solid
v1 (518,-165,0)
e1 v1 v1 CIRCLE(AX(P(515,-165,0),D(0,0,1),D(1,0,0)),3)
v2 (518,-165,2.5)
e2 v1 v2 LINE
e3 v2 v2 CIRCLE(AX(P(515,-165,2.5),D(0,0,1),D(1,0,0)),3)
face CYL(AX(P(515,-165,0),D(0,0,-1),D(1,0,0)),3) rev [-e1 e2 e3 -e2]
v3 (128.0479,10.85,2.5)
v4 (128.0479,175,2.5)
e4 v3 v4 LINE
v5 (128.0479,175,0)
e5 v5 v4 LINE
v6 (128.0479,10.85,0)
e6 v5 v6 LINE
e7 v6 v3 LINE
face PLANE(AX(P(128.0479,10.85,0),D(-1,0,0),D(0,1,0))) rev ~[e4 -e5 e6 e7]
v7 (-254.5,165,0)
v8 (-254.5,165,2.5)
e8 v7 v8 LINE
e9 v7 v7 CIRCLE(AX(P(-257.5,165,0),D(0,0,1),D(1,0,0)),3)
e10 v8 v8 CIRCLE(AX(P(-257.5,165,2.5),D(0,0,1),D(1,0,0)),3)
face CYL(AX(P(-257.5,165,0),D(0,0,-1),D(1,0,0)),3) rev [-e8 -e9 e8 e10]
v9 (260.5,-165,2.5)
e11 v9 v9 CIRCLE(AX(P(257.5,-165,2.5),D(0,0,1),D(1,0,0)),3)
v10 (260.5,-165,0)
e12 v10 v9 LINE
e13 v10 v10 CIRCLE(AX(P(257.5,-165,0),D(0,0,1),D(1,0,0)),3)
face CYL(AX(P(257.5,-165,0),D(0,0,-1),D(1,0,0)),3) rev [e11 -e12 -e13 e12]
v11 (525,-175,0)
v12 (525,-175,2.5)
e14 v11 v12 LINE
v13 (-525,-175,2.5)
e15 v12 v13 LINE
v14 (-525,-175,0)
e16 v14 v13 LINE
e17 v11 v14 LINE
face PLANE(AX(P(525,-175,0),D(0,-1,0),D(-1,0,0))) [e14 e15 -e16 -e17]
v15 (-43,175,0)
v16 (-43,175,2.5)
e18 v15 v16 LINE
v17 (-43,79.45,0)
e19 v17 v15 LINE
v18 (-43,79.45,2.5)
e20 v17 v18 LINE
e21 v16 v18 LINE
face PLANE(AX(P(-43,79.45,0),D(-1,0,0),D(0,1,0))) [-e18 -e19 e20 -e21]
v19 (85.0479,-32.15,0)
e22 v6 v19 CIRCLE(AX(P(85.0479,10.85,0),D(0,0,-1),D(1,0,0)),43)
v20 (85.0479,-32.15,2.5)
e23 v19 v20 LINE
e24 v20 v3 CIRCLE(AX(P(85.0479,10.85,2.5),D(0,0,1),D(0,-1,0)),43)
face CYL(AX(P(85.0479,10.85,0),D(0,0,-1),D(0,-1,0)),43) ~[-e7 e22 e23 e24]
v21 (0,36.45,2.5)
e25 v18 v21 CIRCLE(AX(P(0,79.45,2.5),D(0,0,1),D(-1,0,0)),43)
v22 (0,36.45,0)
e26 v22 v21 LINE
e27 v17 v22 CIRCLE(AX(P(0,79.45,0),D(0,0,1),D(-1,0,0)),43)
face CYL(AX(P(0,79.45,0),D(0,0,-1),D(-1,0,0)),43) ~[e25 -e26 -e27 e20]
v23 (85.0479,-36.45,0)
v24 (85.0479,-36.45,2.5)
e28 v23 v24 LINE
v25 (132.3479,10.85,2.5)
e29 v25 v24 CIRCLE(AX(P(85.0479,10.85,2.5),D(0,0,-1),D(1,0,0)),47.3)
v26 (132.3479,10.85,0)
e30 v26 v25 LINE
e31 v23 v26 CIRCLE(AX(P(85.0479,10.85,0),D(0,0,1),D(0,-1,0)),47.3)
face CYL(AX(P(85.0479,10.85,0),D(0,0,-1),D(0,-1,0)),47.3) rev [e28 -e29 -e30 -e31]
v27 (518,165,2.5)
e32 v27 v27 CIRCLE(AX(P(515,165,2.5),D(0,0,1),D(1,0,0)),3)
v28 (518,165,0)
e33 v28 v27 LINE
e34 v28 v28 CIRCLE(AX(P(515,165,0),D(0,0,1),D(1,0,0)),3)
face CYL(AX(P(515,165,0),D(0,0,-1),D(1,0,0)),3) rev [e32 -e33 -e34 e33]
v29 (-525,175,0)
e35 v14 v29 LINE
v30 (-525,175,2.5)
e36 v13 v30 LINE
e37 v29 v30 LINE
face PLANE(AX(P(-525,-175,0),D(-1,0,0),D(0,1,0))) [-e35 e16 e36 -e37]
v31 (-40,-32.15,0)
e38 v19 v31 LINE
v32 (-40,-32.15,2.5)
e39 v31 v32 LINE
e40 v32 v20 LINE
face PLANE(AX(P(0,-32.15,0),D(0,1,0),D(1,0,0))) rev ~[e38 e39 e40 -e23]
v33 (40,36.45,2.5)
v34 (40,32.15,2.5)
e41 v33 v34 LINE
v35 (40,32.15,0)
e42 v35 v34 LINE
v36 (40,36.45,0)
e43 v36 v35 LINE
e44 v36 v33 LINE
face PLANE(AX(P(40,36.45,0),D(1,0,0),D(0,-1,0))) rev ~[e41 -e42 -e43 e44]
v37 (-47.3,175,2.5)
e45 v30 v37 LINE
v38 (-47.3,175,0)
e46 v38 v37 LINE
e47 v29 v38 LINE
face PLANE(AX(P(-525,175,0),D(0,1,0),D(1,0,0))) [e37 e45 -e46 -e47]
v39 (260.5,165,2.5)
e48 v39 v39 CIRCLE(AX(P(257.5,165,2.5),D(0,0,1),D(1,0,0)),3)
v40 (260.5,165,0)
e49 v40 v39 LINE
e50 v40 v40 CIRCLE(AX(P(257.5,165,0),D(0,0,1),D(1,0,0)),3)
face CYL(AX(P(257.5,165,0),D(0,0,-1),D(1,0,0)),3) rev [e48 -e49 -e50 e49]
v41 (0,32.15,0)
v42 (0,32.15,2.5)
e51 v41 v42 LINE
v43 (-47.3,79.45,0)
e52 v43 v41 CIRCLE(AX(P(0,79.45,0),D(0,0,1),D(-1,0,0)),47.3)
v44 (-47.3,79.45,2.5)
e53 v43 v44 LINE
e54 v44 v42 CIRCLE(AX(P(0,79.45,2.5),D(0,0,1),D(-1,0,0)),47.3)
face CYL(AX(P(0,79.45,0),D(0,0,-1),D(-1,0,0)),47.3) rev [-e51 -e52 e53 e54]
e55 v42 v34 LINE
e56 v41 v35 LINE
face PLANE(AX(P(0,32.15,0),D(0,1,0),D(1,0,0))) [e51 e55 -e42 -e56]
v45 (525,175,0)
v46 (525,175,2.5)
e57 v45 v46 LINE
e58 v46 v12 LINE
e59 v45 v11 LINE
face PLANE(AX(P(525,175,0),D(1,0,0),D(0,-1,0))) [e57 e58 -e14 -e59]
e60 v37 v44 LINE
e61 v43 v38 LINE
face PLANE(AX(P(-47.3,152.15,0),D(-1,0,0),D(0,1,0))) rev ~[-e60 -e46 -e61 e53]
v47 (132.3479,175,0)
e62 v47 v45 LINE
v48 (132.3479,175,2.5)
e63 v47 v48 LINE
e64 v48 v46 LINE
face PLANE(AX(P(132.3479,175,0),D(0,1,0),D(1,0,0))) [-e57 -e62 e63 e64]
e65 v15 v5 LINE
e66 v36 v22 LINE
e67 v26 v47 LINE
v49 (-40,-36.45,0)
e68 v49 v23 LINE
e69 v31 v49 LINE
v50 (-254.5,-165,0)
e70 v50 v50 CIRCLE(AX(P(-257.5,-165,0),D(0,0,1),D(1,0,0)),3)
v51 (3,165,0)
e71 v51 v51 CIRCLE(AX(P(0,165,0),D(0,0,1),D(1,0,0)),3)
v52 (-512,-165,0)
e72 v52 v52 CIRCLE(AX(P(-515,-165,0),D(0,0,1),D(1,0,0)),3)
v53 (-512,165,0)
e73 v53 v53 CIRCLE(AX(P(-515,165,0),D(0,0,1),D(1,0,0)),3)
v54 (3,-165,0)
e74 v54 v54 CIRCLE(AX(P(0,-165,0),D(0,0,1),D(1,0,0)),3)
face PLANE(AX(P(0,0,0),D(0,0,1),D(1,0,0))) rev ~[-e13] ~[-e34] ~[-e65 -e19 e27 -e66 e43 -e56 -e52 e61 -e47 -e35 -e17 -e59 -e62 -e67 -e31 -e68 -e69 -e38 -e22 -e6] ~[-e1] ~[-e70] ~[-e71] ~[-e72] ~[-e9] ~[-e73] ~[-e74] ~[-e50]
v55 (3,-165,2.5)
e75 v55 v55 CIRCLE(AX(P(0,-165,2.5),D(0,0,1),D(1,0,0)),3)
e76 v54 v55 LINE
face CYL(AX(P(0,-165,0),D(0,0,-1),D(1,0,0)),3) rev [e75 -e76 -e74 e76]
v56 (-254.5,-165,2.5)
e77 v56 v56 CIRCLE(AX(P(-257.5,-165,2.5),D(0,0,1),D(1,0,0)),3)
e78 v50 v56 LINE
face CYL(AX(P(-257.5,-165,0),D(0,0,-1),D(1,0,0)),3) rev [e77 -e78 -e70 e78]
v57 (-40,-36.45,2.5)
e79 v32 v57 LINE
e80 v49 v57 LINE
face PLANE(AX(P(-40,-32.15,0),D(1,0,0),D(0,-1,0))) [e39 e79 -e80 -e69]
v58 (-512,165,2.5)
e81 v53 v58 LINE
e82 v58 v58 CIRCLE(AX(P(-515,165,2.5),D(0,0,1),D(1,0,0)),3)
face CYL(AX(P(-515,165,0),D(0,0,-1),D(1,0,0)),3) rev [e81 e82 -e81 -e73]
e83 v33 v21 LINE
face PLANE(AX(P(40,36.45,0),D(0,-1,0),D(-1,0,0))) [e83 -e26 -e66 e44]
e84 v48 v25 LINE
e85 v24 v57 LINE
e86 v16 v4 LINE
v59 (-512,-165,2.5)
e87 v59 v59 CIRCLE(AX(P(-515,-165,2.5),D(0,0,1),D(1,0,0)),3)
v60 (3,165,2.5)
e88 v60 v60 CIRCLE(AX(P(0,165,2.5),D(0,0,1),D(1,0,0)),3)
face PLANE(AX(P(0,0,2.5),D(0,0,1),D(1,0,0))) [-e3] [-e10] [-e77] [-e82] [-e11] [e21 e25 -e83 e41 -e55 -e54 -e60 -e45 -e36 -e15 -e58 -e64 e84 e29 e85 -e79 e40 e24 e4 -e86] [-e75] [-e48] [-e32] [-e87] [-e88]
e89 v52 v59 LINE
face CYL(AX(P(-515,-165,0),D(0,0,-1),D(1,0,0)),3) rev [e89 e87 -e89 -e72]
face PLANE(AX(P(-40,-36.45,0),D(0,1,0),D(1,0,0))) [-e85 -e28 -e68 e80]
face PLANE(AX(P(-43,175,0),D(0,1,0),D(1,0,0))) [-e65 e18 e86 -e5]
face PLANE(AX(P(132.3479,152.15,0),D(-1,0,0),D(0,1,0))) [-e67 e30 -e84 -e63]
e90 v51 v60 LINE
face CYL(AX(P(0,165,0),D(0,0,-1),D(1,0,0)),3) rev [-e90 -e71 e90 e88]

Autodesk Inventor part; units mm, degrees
ref_plane "YZ Plane" through (0, 0, 0) normal (1, 0, 0) x (0, 1, 0)
ref_plane "XZ Plane" through (0, 0, 0) normal (0, 1, 0) x (-1, 0, 0)
ref_plane "XY Plane" through (0, 0, 0) normal (0, 0, 1) x (1, 0, 0)
sketch "Sketch1" plane through (0, 0, 0) normal (0, 0, 1) x (1, 0, 0)
  line L0 (-525, 175) -> (525, 175)
  line L1 (-525, -175) -> (-525, 175)
  line L2 (525, -175) -> (-525, -175)
  line L3 (525, 175) -> (525, -175)
  circle A0 centre (515, -165) radius 3
  circle A1 centre (-257.5, -165) radius 3
  circle A2 centre (515, 165) radius 3
  circle A3 centre (257.5, 165) radius 3
  circle A4 centre (0, 165) radius 3
  circle A5 centre (-257.5, 165) radius 3
  circle A6 centre (-515, 165) radius 3
  circle A7 centre (257.5, -165) radius 3
  circle A8 centre (0, -165) radius 3
  circle A9 centre (-515, -165) radius 3
  arc A10 (-434.5, -36.45) -> (-475.35, -77.3) centre (-434.5, -77.3) ccw
  line L4 (-475.35, -85.5) -> (-475.35, -77.3)
  arc A11 (-475.35, -85.5) -> (-434.5, -126.35) centre (-434.5, -85.5) ccw
  line L5 (434.5, -126.35) -> (-434.5, -126.35)
  arc A12 (434.5, -126.35) -> (475.35, -85.5) centre (434.5, -85.5) ccw
  line L6 (475.35, -65.8667) -> (475.35, -85.5)
  arc A13 (475.35, -65.8667) -> (434.5, -25.0167) centre (434.5, -65.8667) ccw
  line L7 (-445.75, -25.0167) -> (434.5, -25.0167)
  arc A14 (-445.75, -25.0167) -> (-486.6, -65.8667) centre (-445.75, -65.8667) ccw
  line L8 (-486.6, -96.25) -> (-486.6, -65.8667)
  arc A15 (-486.6, -96.25) -> (-445.75, -137.1) centre (-445.75, -96.25) ccw
  line L9 (445.75, -137.1) -> (-445.75, -137.1)
  arc A16 (445.75, -137.1) -> (486.6, -96.25) centre (445.75, -96.25) ccw
  line L10 (486.6, -54.4333) -> (486.6, -96.25)
  arc A17 (486.6, -54.4333) -> (445.75, -13.5833) centre (445.75, -54.4333) ccw
  line L11 (-457, -13.5833) -> (445.75, -13.5833)
  arc A18 (-457, -13.5833) -> (-497.85, -54.4333) centre (-457, -54.4333) ccw
  line L12 (-497.85, -107) -> (-497.85, -54.4333)
  arc A19 (-497.85, -107) -> (-457, -147.85) centre (-457, -107) ccw
  line L13 (457, -147.85) -> (-457, -147.85)
  arc A20 (457, -147.85) -> (497.85, -107) centre (457, -107) ccw
  line L14 (497.85, -43) -> (497.85, -107)
  arc A21 (497.85, -43) -> (457, -2.15) centre (457, -43) ccw
  line L15 (-457, -2.15) -> (457, -2.15)
  arc A22 (-502.15, 43) -> (-457, -2.15) centre (-457, 43) ccw
  line L16 (-502.15, 107) -> (-502.15, 43)
  arc A23 (-457, 152.15) -> (-502.15, 107) centre (-457, 107) ccw
  line L17 (457, 152.15) -> (-457, 152.15)
  arc A24 (502.15, 107) -> (457, 152.15) centre (457, 107) ccw
  line L18 (502.15, 54.4333) -> (502.15, 107)
  arc A25 (457, 9.2833) -> (502.15, 54.4333) centre (457, 54.4333) ccw
  line L19 (-445.75, 9.2833) -> (457, 9.2833)
  arc A26 (-490.9, 54.4333) -> (-445.75, 9.2833) centre (-445.75, 54.4333) ccw
  line L20 (-490.9, 96.25) -> (-490.9, 54.4333)
  arc A27 (-445.75, 141.4) -> (-490.9, 96.25) centre (-445.75, 96.25) ccw
  line L21 (445.75, 141.4) -> (-445.75, 141.4)
  arc A28 (490.9, 96.25) -> (445.75, 141.4) centre (445.75, 96.25) ccw
  line L22 (490.9, 65.8667) -> (490.9, 96.25)
  arc A29 (445.75, 20.7167) -> (490.9, 65.8667) centre (445.75, 65.8667) ccw
  line L23 (-434.5, 20.7167) -> (445.75, 20.7167)
  arc A30 (-479.65, 65.8667) -> (-434.5, 20.7167) centre (-434.5, 65.8667) ccw
  line L24 (-479.65, 85.5) -> (-479.65, 65.8667)
  arc A31 (-434.5, 130.65) -> (-479.65, 85.5) centre (-434.5, 85.5) ccw
  line L25 (434.5, 130.65) -> (-434.5, 130.65)
  arc A32 (479.65, 85.5) -> (434.5, 130.65) centre (434.5, 85.5) ccw
  line L26 (479.65, 77.3) -> (479.65, 85.5)
  arc A33 (434.5, 32.15) -> (479.65, 77.3) centre (434.5, 77.3) ccw
  line L27 (0, 32.15) -> (434.5, 32.15)
  line L28 (0, 36.45) -> (0, 32.15)
  line L29 (434.5, 36.45) -> (0, 36.45)
  arc A34 (434.5, 36.45) -> (475.35, 77.3) centre (434.5, 77.3) ccw
  line L30 (475.35, 85.5) -> (475.35, 77.3)
  arc A35 (475.35, 85.5) -> (434.5, 126.35) centre (434.5, 85.5) ccw
  line L31 (-434.5, 126.35) -> (434.5, 126.35)
  arc A36 (-434.5, 126.35) -> (-475.35, 85.5) centre (-434.5, 85.5) ccw
  line L32 (-475.35, 65.8667) -> (-475.35, 85.5)
  arc A37 (-475.35, 65.8667) -> (-434.5, 25.0167) centre (-434.5, 65.8667) ccw
  line L33 (445.75, 25.0167) -> (-434.5, 25.0167)
  arc A38 (445.75, 25.0167) -> (486.6, 65.8667) centre (445.75, 65.8667) ccw
  line L34 (486.6, 96.25) -> (486.6, 65.8667)
  arc A39 (486.6, 96.25) -> (445.75, 137.1) centre (445.75, 96.25) ccw
  line L35 (-445.75, 137.1) -> (445.75, 137.1)
  arc A40 (-445.75, 137.1) -> (-486.6, 96.25) centre (-445.75, 96.25) ccw
  line L36 (-486.6, 54.4333) -> (-486.6, 96.25)
  arc A41 (-486.6, 54.4333) -> (-445.75, 13.5833) centre (-445.75, 54.4333) ccw
  line L37 (457, 13.5833) -> (-445.75, 13.5833)
  arc A42 (457, 13.5833) -> (497.85, 54.4333) centre (457, 54.4333) ccw
  line L38 (497.85, 107) -> (497.85, 54.4333)
  arc A43 (497.85, 107) -> (457, 147.85) centre (457, 107) ccw
  line L39 (-457, 147.85) -> (457, 147.85)
  arc A44 (-457, 147.85) -> (-497.85, 107) centre (-457, 107) ccw
  line L40 (-497.85, 43) -> (-497.85, 107)
  arc A45 (-497.85, 43) -> (-457, 2.15) centre (-457, 43) ccw
  line L41 (457, 2.15) -> (-457, 2.15)
  arc A46 (502.15, -43) -> (457, 2.15) centre (457, -43) ccw
  line L42 (502.15, -107) -> (502.15, -43)
  arc A47 (457, -152.15) -> (502.15, -107) centre (457, -107) ccw
  line L43 (-457, -152.15) -> (457, -152.15)
  arc A48 (-502.15, -107) -> (-457, -152.15) centre (-457, -107) ccw
  line L44 (-502.15, -54.4333) -> (-502.15, -107)
  arc A49 (-457, -9.2833) -> (-502.15, -54.4333) centre (-457, -54.4333) ccw
  line L45 (445.75, -9.2833) -> (-457, -9.2833)
  arc A50 (490.9, -54.4333) -> (445.75, -9.2833) centre (445.75, -54.4333) ccw
  line L46 (490.9, -96.25) -> (490.9, -54.4333)
  arc A51 (445.75, -141.4) -> (490.9, -96.25) centre (445.75, -96.25) ccw
  line L47 (-445.75, -141.4) -> (445.75, -141.4)
  arc A52 (-490.9, -96.25) -> (-445.75, -141.4) centre (-445.75, -96.25) ccw
  line L48 (-490.9, -65.8667) -> (-490.9, -96.25)
  arc A53 (-445.75, -20.7167) -> (-490.9, -65.8667) centre (-445.75, -65.8667) ccw
  line L49 (434.5, -20.7167) -> (-445.75, -20.7167)
  arc A54 (479.65, -65.8667) -> (434.5, -20.7167) centre (434.5, -65.8667) ccw
  line L50 (479.65, -85.5) -> (479.65, -65.8667)
  arc A55 (434.5, -130.65) -> (479.65, -85.5) centre (434.5, -85.5) ccw
  line L51 (-434.5, -130.65) -> (434.5, -130.65)
  arc A56 (-479.65, -85.5) -> (-434.5, -130.65) centre (-434.5, -85.5) ccw
  line L52 (-479.65, -77.3) -> (-479.65, -85.5)
  arc A57 (-434.5, -32.15) -> (-479.65, -77.3) centre (-434.5, -77.3) ccw
  line L53 (0, -32.15) -> (-434.5, -32.15)
  line L54 (0, -36.45) -> (0, -32.15)
  line L55 (-434.5, -36.45) -> (0, -36.45)
  line L56 (-525, 175) -> (525, 175)
  line L57 (-525, -175) -> (-525, 175)
  line L58 (525, -175) -> (-525, -175)
  line L59 (525, 175) -> (525, -175)
  circle A58 centre (515, -165) radius 3
  circle A59 centre (-257.5, -165) radius 3
  circle A60 centre (515, 165) radius 3
  circle A61 centre (257.5, 165) radius 3
  circle A62 centre (0, 165) radius 3
  circle A63 centre (-257.5, 165) radius 3
  circle A64 centre (-515, 165) radius 3
  circle A65 centre (257.5, -165) radius 3
  circle A66 centre (0, -165) radius 3
  circle A67 centre (-515, -165) radius 3
  arc A68 (-434.5, -36.45) -> (-475.35, -77.3) centre (-434.5, -77.3) ccw
  line L60 (-475.35, -85.5) -> (-475.35, -77.3)
  arc A69 (-475.35, -85.5) -> (-434.5, -126.35) centre (-434.5, -85.5) ccw
  line L61 (434.5, -126.35) -> (-434.5, -126.35)
  arc A70 (434.5, -126.35) -> (475.35, -85.5) centre (434.5, -85.5) ccw
  line L62 (475.35, -65.8667) -> (475.35, -85.5)
  arc A71 (475.35, -65.8667) -> (434.5, -25.0167) centre (434.5, -65.8667) ccw
  line L63 (-445.75, -25.0167) -> (434.5, -25.0167)
  arc A72 (-445.75, -25.0167) -> (-486.6, -65.8667) centre (-445.75, -65.8667) ccw
  line L64 (-486.6, -96.25) -> (-486.6, -65.8667)
  arc A73 (-486.6, -96.25) -> (-445.75, -137.1) centre (-445.75, -96.25) ccw
  line L65 (445.75, -137.1) -> (-445.75, -137.1)
  arc A74 (445.75, -137.1) -> (486.6, -96.25) centre (445.75, -96.25) ccw
  line L66 (486.6, -54.4333) -> (486.6, -96.25)
  arc A75 (486.6, -54.4333) -> (445.75, -13.5833) centre (445.75, -54.4333) ccw
  line L67 (-457, -13.5833) -> (445.75, -13.5833)
  arc A76 (-457, -13.5833) -> (-497.85, -54.4333) centre (-457, -54.4333) ccw
  line L68 (-497.85, -107) -> (-497.85, -54.4333)
  arc A77 (-497.85, -107) -> (-457, -147.85) centre (-457, -107) ccw
  line L69 (457, -147.85) -> (-457, -147.85)
  arc A78 (457, -147.85) -> (497.85, -107) centre (457, -107) ccw
  line L70 (497.85, -43) -> (497.85, -107)
  arc A79 (497.85, -43) -> (457, -2.15) centre (457, -43) ccw
  line L71 (-457, -2.15) -> (457, -2.15)
  arc A80 (-502.15, 43) -> (-457, -2.15) centre (-457, 43) ccw
  line L72 (-502.15, 107) -> (-502.15, 43)
  arc A81 (-457, 152.15) -> (-502.15, 107) centre (-457, 107) ccw
  line L73 (457, 152.15) -> (-457, 152.15)
  arc A82 (502.15, 107) -> (457, 152.15) centre (457, 107) ccw
  line L74 (502.15, 54.4333) -> (502.15, 107)
  arc A83 (457, 9.2833) -> (502.15, 54.4333) centre (457, 54.4333) ccw
  line L75 (-445.75, 9.2833) -> (457, 9.2833)
  arc A84 (-490.9, 54.4333) -> (-445.75, 9.2833) centre (-445.75, 54.4333) ccw
  line L76 (-490.9, 96.25) -> (-490.9, 54.4333)
  arc A85 (-445.75, 141.4) -> (-490.9, 96.25) centre (-445.75, 96.25) ccw
  line L77 (445.75, 141.4) -> (-445.75, 141.4)
  arc A86 (490.9, 96.25) -> (445.75, 141.4) centre (445.75, 96.25) ccw
  line L78 (490.9, 65.8667) -> (490.9, 96.25)
  arc A87 (445.75, 20.7167) -> (490.9, 65.8667) centre (445.75, 65.8667) ccw
  line L79 (-434.5, 20.7167) -> (445.75, 20.7167)
  arc A88 (-479.65, 65.8667) -> (-434.5, 20.7167) centre (-434.5, 65.8667) ccw
  line L80 (-479.65, 85.5) -> (-479.65, 65.8667)
  arc A89 (-434.5, 130.65) -> (-479.65, 85.5) centre (-434.5, 85.5) ccw
  line L81 (434.5, 130.65) -> (-434.5, 130.65)
  arc A90 (479.65, 85.5) -> (434.5, 130.65) centre (434.5, 85.5) ccw
  line L82 (479.65, 77.3) -> (479.65, 85.5)
  arc A91 (434.5, 32.15) -> (479.65, 77.3) centre (434.5, 77.3) ccw
  line L83 (0, 32.15) -> (434.5, 32.15)
  line L84 (0, 36.45) -> (0, 32.15)
  line L85 (434.5, 36.45) -> (0, 36.45)
  arc A92 (434.5, 36.45) -> (475.35, 77.3) centre (434.5, 77.3) ccw
  line L86 (475.35, 85.5) -> (475.35, 77.3)
  arc A93 (475.35, 85.5) -> (434.5, 126.35) centre (434.5, 85.5) ccw
  line L87 (-434.5, 126.35) -> (434.5, 126.35)
  arc A94 (-434.5, 126.35) -> (-475.35, 85.5) centre (-434.5, 85.5) ccw
  line L88 (-475.35, 65.8667) -> (-475.35, 85.5)
  arc A95 (-475.35, 65.8667) -> (-434.5, 25.0167) centre (-434.5, 65.8667) ccw
  line L89 (445.75, 25.0167) -> (-434.5, 25.0167)
  arc A96 (445.75, 25.0167) -> (486.6, 65.8667) centre (445.75, 65.8667) ccw
  line L90 (486.6, 96.25) -> (486.6, 65.8667)
  arc A97 (486.6, 96.25) -> (445.75, 137.1) centre (445.75, 96.25) ccw
  line L91 (-445.75, 137.1) -> (445.75, 137.1)
  arc A98 (-445.75, 137.1) -> (-486.6, 96.25) centre (-445.75, 96.25) ccw
  line L92 (-486.6, 54.4333) -> (-486.6, 96.25)
  arc A99 (-486.6, 54.4333) -> (-445.75, 13.5833) centre (-445.75, 54.4333) ccw
  line L93 (457, 13.5833) -> (-445.75, 13.5833)
  arc A100 (457, 13.5833) -> (497.85, 54.4333) centre (457, 54.4333) ccw
  line L94 (497.85, 107) -> (497.85, 54.4333)
  arc A101 (497.85, 107) -> (457, 147.85) centre (457, 107) ccw
  line L95 (-457, 147.85) -> (457, 147.85)
  arc A102 (-457, 147.85) -> (-497.85, 107) centre (-457, 107) ccw
  line L96 (-497.85, 43) -> (-497.85, 107)
  arc A103 (-497.85, 43) -> (-457, 2.15) centre (-457, 43) ccw
  line L97 (457, 2.15) -> (-457, 2.15)
  arc A104 (502.15, -43) -> (457, 2.15) centre (457, -43) ccw
  line L98 (502.15, -107) -> (502.15, -43)
  arc A105 (457, -152.15) -> (502.15, -107) centre (457, -107) ccw
  line L99 (-457, -152.15) -> (457, -152.15)
  arc A106 (-502.15, -107) -> (-457, -152.15) centre (-457, -107) ccw
  line L100 (-502.15, -54.4333) -> (-502.15, -107)
  arc A107 (-457, -9.2833) -> (-502.15, -54.4333) centre (-457, -54.4333) ccw
  line L101 (445.75, -9.2833) -> (-457, -9.2833)
  arc A108 (490.9, -54.4333) -> (445.75, -9.2833) centre (445.75, -54.4333) ccw
  line L102 (490.9, -96.25) -> (490.9, -54.4333)
  arc A109 (445.75, -141.4) -> (490.9, -96.25) centre (445.75, -96.25) ccw
  line L103 (-445.75, -141.4) -> (445.75, -141.4)
  arc A110 (-490.9, -96.25) -> (-445.75, -141.4) centre (-445.75, -96.25) ccw
  line L104 (-490.9, -65.8667) -> (-490.9, -96.25)
  arc A111 (-445.75, -20.7167) -> (-490.9, -65.8667) centre (-445.75, -65.8667) ccw
  line L105 (434.5, -20.7167) -> (-445.75, -20.7167)
  arc A112 (479.65, -65.8667) -> (434.5, -20.7167) centre (434.5, -65.8667) ccw
  line L106 (479.65, -85.5) -> (479.65, -65.8667)
  arc A113 (434.5, -130.65) -> (479.65, -85.5) centre (434.5, -85.5) ccw
  line L107 (-434.5, -130.65) -> (434.5, -130.65)
  arc A114 (-479.65, -85.5) -> (-434.5, -130.65) centre (-434.5, -85.5) ccw
  line L108 (-479.65, -77.3) -> (-479.65, -85.5)
  arc A115 (-434.5, -32.15) -> (-479.65, -77.3) centre (-434.5, -77.3) ccw
  line L109 (0, -32.15) -> (-434.5, -32.15)
  line L110 (0, -36.45) -> (0, -32.15)
  line L111 (-434.5, -36.45) -> (0, -36.45)
  line L112 (0, -32.15) -> (0, 10.85) construction
  line L113 (18.1865, 10.85) -> (0, 10.85) construction
  line L114 (0, -36.45) -> (0, 10.85) construction
  line L115 (25.3634, 10.85) -> (0, 10.85) construction
  arc A116 (-43, 79.45) -> (0, 36.45) centre (0, 79.45) ccw
  line L116 (0, 36.45) -> (0, 79.45) construction
  line L117 (-43, 79.45) -> (0, 79.45) construction
  arc A117 (-47.3, 79.45) -> (0, 32.15) centre (0, 79.45) ccw
  line L118 (0, 32.15) -> (0, 79.45) construction
  line L119 (-47.3, 79.45) -> (0, 79.45) construction
  line L120 (-43, 79.45) -> (-43, 175)
  line L121 (-47.3, 79.45) -> (-47.3, 175)
  line L122 (85.0479, 2.11) -> (85.0479, -106.33)
  line L123 (0, -36.45) -> (85.0479, -36.45)
  line L124 (0, -32.15) -> (85.0479, -32.15)
  arc A118 (85.0479, -32.15) -> (128.0479, 10.85) centre (85.0479, 10.85) ccw
  line L125 (85.0479, -32.15) -> (85.0479, 10.85) construction
  line L126 (128.0479, 10.85) -> (85.0479, 10.85) construction
  arc A119 (85.0479, -36.45) -> (132.3479, 10.85) centre (85.0479, 10.85) ccw
  line L127 (85.0479, -36.45) -> (85.0479, 10.85) construction
  line L128 (132.3479, 10.85) -> (85.0479, 10.85) construction
  line L129 (128.0479, 10.85) -> (128.0479, 175)
  line L130 (132.3479, 10.85) -> (132.3479, 175)
  line L131 (0, 36.45) -> (0, 32.15)
  line L132 (0, -36.45) -> (0, -32.15)
  line L133 (-40, -32.15) -> (-40, -36.45)
  line L134 (40, 36.45) -> (40, 32.15)
  point P0 (0, 0)
  point P1 (128.0479, 175)
  point P2 (132.3479, 175)
  dimension "d4" = 90
  dimension "d6" = 90
  dimension "d7" = 43
  dimension "d8" = 90
  dimension "d9" = 47.3
  dimension "d10" = 90
  dimension "d11" = 43
  dimension "d12" = 90
  dimension "d13" = 47.3
  dimension "d14" = 90
  dimension "d17" = 40
  dimension "d18" = 40
extrude "Extrusion1" add sketch "Sketch1" along normal blind 2.5 contours L0 L121 L17 A23 L16 A22 L15 L122 L45 A49 L44 A48 L43 A47 L42 A46 L41 A119 L19 A25 L18 A24 L130 L3 L2 L1 | L0 L129 L17 L120 | L121 L39 A44 L40 A45 L41 A118 L15 A22 L16 A23 L17 | L17 L129 L39 L120 | L121 L21 A27 L20 A26 L19 A118 L41 A45 L40 A44 L39 | L39 L129 L21 L120 | L121 L35 A40 L36 A41 L37 L129 A118 L19 A26 L20 A27 L21 | L17 A24 L18 A25 L19 A119 L130 L37 A42 L38 A43 L39 | L21 L129 L35 L120 | L121 L25 A31 L24 A30 L23 L129 L37 A41 L36 A40 L35 | L39 A43 L38 A42 L37 L130 L23 A29 L22 A28 L21 | L35 L129 L25 L120 | L121 L31 A36 L32 A37 L33 L129 L23 A30 L24 A31 L25 | L21 A28 L22 A29 L23 L130 L33 A38 L34 A39 L35 | L25 L129 L31 L120 | L15 A118 L45 L122 | L121 A117 L27 L129 L33 A37 L32 A36 L31 | L35 A39 L34 A38 L33 L130 L27 A33 L26 A32 L25 | L31 L129 L29 A116 L120 | L122 L11 A18 L12 A19 L13 A20 L14 A21 L15 A119 L41 A46 L42 A47 L43 A48 L44 A49 L45 | L45 A118 L11 L122 | L25 A32 L26 A33 L27 L130 L29 A34 L30 A35 L31 | L15 A21 L14 A20 L13 A19 L12 A18 L11 L122 L49 A53 L48 A52 L47 A51 L46 A50 L45 A119 | L11 A118 L49 L122 | L31 A35 L30 A34 L29 L130 | L129 L27 L134 L29 | L45 A50 L46 A51 L47 A52 L48 A53 L49 L122 L7 A14 L8 A15 L9 A16 L10 A17 L11 A119 | L49 A118 L7 L122 | L11 A17 L10 A16 L9 A15 L8 A14 L7 L122 L124 L53 A57 L52 A56 L51 A55 L50 A54 L49 A119 | L7 A118 L122 | L49 A54 L50 A55 L51 A56 L52 A57 L53 L133 L55 A10 L4 A11 L5 A12 L6 A13 L7 A119 | L7 A13 L6 A12 L5 A11 L4 A10 L55 L123 A119
properties part number "btwnFerriteAndCoil" material "LCP Plastic"
